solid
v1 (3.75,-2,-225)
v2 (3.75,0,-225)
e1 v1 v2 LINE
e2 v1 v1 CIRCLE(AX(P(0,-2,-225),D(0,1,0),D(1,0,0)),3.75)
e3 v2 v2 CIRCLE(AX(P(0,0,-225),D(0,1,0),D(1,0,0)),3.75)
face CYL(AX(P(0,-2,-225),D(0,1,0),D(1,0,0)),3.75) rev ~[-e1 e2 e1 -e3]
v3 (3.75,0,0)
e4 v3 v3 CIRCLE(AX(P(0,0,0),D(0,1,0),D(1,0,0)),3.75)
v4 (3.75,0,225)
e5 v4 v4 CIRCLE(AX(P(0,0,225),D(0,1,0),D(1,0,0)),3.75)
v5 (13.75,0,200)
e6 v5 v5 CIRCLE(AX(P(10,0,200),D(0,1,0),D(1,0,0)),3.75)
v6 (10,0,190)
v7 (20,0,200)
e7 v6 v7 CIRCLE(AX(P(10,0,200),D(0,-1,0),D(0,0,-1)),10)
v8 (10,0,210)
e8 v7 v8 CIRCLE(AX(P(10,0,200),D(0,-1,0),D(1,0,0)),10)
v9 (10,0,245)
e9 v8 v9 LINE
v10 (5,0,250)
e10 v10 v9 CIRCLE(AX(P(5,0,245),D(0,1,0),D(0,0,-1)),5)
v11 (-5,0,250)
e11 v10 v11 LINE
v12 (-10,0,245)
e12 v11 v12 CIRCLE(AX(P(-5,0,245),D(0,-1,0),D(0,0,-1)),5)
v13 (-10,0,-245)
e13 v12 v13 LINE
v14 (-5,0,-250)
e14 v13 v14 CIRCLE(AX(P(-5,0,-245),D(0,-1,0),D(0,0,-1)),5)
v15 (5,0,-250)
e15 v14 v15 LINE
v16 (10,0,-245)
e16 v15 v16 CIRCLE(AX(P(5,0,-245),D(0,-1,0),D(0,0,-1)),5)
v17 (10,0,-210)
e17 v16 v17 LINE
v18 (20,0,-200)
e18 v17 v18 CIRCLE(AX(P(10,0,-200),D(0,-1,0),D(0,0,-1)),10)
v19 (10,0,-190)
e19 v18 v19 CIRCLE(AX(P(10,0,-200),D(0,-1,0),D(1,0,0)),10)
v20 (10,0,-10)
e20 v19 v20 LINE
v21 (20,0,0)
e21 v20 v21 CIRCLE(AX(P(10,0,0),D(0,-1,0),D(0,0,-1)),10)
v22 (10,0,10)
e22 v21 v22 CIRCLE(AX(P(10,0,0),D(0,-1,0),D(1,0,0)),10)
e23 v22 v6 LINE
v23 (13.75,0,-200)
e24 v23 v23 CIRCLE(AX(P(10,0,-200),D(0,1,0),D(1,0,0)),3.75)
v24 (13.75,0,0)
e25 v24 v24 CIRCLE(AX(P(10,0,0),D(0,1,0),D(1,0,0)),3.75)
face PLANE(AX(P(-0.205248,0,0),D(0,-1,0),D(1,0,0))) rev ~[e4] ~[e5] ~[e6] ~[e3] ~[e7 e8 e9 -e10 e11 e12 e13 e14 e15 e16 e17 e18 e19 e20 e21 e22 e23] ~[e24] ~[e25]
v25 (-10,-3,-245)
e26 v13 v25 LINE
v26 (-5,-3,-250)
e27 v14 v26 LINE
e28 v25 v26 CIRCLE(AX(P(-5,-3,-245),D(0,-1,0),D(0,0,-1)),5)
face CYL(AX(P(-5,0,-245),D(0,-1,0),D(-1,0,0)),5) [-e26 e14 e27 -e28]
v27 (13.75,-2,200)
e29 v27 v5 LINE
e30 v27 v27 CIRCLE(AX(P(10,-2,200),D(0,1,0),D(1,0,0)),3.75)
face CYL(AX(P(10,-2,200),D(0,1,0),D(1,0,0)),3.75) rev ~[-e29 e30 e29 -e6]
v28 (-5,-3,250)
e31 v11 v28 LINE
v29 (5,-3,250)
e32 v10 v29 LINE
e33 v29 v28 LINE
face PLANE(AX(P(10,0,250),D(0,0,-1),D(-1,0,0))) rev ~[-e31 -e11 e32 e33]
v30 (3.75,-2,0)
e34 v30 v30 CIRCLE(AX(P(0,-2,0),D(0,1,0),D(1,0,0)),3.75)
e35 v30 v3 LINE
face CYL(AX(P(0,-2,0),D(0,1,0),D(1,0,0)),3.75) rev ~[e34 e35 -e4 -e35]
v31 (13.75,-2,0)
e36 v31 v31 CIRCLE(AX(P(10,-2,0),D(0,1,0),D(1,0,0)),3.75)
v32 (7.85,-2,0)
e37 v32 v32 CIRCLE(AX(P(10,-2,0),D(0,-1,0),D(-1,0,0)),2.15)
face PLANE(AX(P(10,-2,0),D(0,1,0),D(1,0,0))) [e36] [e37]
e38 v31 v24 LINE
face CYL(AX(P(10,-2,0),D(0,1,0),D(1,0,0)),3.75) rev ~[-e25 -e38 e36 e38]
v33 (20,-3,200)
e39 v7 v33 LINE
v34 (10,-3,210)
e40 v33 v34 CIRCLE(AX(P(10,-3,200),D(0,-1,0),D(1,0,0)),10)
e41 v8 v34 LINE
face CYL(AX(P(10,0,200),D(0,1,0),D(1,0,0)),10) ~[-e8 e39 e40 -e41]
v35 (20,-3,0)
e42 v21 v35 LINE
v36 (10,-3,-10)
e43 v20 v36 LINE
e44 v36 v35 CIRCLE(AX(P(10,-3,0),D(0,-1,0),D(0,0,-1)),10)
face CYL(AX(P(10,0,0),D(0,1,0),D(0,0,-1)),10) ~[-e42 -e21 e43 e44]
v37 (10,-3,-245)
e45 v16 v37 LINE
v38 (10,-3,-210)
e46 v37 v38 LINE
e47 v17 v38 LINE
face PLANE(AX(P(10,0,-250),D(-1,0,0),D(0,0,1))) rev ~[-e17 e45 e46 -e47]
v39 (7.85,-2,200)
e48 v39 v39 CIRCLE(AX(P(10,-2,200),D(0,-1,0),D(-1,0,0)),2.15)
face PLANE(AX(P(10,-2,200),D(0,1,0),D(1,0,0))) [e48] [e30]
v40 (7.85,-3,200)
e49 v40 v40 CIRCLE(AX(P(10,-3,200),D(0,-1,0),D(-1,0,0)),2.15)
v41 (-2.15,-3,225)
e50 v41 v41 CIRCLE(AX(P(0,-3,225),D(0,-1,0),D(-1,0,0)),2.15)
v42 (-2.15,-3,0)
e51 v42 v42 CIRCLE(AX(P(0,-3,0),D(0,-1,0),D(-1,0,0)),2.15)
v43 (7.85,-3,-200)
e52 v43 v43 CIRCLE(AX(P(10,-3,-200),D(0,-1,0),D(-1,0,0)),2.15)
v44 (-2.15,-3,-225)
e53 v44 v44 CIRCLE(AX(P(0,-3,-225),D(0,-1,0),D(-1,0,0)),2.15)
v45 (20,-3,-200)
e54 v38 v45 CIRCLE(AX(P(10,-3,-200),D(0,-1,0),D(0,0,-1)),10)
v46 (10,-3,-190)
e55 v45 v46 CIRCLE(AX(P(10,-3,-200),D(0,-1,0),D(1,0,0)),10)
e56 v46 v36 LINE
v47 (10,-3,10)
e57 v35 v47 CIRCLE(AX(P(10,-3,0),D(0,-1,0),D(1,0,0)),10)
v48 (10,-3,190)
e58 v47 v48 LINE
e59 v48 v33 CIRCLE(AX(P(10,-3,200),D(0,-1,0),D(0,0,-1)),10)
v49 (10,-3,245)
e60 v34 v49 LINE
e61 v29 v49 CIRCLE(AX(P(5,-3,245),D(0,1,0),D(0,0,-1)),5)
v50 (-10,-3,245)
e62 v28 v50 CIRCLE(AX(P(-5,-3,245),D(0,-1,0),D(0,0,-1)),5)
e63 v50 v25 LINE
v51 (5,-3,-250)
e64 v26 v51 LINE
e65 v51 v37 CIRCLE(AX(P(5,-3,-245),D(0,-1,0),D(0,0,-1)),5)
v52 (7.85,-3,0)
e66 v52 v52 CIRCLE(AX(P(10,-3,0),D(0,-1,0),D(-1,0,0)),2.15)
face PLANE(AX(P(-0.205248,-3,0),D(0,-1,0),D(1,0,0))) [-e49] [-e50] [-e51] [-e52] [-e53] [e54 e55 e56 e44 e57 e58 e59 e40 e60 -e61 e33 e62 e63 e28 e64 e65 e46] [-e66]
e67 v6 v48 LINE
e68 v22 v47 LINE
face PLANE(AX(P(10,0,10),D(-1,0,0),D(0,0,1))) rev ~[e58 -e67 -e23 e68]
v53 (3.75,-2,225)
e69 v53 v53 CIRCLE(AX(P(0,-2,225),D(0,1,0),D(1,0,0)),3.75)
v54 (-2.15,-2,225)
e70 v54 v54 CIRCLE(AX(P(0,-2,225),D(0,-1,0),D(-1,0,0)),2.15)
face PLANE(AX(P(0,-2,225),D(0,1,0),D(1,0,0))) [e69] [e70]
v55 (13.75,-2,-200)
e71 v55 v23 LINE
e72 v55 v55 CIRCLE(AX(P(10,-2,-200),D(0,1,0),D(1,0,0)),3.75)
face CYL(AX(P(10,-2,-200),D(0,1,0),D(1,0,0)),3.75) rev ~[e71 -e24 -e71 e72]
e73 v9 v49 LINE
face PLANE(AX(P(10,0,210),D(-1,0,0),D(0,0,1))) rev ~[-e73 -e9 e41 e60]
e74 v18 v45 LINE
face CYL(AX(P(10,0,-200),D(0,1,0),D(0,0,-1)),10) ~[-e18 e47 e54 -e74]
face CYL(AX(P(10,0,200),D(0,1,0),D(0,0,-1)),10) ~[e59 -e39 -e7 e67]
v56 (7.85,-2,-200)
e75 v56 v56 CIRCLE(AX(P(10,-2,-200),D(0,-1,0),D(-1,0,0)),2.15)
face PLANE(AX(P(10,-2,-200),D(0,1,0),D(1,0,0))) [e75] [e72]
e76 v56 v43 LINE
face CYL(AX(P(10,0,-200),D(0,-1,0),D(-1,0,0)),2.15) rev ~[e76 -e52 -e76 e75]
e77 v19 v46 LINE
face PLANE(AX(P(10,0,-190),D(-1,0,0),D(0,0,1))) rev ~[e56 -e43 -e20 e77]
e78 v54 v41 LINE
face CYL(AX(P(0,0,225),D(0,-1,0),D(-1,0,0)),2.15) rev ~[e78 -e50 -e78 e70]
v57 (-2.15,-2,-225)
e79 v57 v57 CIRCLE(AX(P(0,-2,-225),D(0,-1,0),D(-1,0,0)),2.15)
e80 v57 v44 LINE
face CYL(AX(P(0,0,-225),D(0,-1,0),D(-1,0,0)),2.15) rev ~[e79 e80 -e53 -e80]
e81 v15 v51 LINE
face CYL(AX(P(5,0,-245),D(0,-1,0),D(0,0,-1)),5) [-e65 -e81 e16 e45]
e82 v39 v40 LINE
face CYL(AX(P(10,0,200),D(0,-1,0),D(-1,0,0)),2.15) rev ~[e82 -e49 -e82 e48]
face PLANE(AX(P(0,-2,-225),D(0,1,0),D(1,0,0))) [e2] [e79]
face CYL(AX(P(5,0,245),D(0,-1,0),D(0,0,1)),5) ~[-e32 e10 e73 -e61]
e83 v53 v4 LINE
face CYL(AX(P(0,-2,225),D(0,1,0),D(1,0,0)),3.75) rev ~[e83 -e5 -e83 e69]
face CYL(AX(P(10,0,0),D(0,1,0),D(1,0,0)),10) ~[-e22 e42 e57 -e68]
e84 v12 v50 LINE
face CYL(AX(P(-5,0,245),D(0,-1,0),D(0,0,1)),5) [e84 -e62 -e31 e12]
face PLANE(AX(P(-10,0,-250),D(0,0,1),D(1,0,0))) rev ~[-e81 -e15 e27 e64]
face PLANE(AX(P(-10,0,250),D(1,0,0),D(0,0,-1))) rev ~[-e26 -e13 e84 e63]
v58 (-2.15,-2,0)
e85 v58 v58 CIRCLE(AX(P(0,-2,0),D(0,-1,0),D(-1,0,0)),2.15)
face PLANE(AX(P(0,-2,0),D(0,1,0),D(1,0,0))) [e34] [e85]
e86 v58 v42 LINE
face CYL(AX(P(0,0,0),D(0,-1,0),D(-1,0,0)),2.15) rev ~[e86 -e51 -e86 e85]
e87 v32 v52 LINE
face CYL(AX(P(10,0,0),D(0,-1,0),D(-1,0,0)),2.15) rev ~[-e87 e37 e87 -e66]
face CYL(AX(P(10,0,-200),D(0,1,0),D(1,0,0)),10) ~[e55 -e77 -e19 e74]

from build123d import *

# Parameters (mm, degrees)
F1_DEPTH       = 3
F2_D           = 4.3
F2_CBORE_D     = 7.5
F2_CBORE_DEPTH = 2
F3_D           = 4.3
F3_CBORE_D     = 7.5
F3_CBORE_DEPTH = 2
F4_R           = 5


with BuildPart() as f1:
    # F0 (on Front) → F1 (new body)
    with BuildSketch(Plane.XZ):
        with BuildLine():
            Line((10, 250), (-10, 250))
            Line((-10, 250), (-10, -250))
            Line((-10, -250), (10, -250))
            Line((10, -250), (10, -210))
            ThreePointArc((10, -210), (0, -200), (10, -190))
            Line((10, -190), (10, -10))
            ThreePointArc((10, -10), (0, 0), (10, 10))
            Line((10, 10), (10, 190))
            ThreePointArc((10, 190), (0, 200), (10, 210))
            Line((10, 210), (10, 250))
        make_face()
        with BuildLine():
            ThreePointArc((20, 200), (17.0710678119, 207.0710678119), (10, 210))
            Line((10, 210), (10, 190))
            ThreePointArc((10, 190), (17.0710678119, 192.9289321881), (20, 200))
        make_face()
        with BuildLine():
            Line((10, 190), (10, 210))
            ThreePointArc((10, 210), (0, 200), (10, 190))
        make_face()
        with BuildLine():
            ThreePointArc((10, -190), (0, -200), (10, -210))
            Line((10, -210), (10, -190))
        make_face()
        with BuildLine():
            Line((10, -190), (10, -210))
            ThreePointArc((10, -210), (17.0710678119, -207.0710678119), (20, -200))
            ThreePointArc((20, -200), (17.0710678119, -192.9289321881), (10, -190))
        make_face()
        with BuildLine():
            ThreePointArc((20, 0), (17.0710678119, 7.0710678119), (10, 10))
            Line((10, 10), (10, -10))
            ThreePointArc((10, -10), (17.0710678119, -7.0710678119), (20, 0))
        make_face()
        with BuildLine():
            Line((10, -10), (10, 10))
            ThreePointArc((10, 10), (0, 0), (10, -10))
        make_face()
    extrude(amount=F1_DEPTH)

    # F2 (through all)
    with Locations(Plane(origin=(0, 0, 0), x_dir=(1, 0, 0), z_dir=(0, 1, 0))):
        with Locations((0, 0), (0, -225), (0, 225)):
            CounterBoreHole(F2_D / 2, F2_CBORE_D / 2, F2_CBORE_DEPTH)

    # F3 (through all)
    with Locations(Plane(origin=(0, 0, 0), x_dir=(1, 0, 0), z_dir=(0, 1, 0))):
        with Locations((10, 0), (10, -200), (10, 200)):
            CounterBoreHole(F3_D / 2, F3_CBORE_D / 2, F3_CBORE_DEPTH)

    # F4
    f4_edges = [f1.edges().sort_by_distance(p)[0] for p in [
        (-10, -1.5, 250),
        (10, -1.5, 250),
        (-10, -1.5, -250),
        (10, -1.5, -250),
    ]]
    fillet(f4_edges, radius=F4_R)


solid = f1.part
